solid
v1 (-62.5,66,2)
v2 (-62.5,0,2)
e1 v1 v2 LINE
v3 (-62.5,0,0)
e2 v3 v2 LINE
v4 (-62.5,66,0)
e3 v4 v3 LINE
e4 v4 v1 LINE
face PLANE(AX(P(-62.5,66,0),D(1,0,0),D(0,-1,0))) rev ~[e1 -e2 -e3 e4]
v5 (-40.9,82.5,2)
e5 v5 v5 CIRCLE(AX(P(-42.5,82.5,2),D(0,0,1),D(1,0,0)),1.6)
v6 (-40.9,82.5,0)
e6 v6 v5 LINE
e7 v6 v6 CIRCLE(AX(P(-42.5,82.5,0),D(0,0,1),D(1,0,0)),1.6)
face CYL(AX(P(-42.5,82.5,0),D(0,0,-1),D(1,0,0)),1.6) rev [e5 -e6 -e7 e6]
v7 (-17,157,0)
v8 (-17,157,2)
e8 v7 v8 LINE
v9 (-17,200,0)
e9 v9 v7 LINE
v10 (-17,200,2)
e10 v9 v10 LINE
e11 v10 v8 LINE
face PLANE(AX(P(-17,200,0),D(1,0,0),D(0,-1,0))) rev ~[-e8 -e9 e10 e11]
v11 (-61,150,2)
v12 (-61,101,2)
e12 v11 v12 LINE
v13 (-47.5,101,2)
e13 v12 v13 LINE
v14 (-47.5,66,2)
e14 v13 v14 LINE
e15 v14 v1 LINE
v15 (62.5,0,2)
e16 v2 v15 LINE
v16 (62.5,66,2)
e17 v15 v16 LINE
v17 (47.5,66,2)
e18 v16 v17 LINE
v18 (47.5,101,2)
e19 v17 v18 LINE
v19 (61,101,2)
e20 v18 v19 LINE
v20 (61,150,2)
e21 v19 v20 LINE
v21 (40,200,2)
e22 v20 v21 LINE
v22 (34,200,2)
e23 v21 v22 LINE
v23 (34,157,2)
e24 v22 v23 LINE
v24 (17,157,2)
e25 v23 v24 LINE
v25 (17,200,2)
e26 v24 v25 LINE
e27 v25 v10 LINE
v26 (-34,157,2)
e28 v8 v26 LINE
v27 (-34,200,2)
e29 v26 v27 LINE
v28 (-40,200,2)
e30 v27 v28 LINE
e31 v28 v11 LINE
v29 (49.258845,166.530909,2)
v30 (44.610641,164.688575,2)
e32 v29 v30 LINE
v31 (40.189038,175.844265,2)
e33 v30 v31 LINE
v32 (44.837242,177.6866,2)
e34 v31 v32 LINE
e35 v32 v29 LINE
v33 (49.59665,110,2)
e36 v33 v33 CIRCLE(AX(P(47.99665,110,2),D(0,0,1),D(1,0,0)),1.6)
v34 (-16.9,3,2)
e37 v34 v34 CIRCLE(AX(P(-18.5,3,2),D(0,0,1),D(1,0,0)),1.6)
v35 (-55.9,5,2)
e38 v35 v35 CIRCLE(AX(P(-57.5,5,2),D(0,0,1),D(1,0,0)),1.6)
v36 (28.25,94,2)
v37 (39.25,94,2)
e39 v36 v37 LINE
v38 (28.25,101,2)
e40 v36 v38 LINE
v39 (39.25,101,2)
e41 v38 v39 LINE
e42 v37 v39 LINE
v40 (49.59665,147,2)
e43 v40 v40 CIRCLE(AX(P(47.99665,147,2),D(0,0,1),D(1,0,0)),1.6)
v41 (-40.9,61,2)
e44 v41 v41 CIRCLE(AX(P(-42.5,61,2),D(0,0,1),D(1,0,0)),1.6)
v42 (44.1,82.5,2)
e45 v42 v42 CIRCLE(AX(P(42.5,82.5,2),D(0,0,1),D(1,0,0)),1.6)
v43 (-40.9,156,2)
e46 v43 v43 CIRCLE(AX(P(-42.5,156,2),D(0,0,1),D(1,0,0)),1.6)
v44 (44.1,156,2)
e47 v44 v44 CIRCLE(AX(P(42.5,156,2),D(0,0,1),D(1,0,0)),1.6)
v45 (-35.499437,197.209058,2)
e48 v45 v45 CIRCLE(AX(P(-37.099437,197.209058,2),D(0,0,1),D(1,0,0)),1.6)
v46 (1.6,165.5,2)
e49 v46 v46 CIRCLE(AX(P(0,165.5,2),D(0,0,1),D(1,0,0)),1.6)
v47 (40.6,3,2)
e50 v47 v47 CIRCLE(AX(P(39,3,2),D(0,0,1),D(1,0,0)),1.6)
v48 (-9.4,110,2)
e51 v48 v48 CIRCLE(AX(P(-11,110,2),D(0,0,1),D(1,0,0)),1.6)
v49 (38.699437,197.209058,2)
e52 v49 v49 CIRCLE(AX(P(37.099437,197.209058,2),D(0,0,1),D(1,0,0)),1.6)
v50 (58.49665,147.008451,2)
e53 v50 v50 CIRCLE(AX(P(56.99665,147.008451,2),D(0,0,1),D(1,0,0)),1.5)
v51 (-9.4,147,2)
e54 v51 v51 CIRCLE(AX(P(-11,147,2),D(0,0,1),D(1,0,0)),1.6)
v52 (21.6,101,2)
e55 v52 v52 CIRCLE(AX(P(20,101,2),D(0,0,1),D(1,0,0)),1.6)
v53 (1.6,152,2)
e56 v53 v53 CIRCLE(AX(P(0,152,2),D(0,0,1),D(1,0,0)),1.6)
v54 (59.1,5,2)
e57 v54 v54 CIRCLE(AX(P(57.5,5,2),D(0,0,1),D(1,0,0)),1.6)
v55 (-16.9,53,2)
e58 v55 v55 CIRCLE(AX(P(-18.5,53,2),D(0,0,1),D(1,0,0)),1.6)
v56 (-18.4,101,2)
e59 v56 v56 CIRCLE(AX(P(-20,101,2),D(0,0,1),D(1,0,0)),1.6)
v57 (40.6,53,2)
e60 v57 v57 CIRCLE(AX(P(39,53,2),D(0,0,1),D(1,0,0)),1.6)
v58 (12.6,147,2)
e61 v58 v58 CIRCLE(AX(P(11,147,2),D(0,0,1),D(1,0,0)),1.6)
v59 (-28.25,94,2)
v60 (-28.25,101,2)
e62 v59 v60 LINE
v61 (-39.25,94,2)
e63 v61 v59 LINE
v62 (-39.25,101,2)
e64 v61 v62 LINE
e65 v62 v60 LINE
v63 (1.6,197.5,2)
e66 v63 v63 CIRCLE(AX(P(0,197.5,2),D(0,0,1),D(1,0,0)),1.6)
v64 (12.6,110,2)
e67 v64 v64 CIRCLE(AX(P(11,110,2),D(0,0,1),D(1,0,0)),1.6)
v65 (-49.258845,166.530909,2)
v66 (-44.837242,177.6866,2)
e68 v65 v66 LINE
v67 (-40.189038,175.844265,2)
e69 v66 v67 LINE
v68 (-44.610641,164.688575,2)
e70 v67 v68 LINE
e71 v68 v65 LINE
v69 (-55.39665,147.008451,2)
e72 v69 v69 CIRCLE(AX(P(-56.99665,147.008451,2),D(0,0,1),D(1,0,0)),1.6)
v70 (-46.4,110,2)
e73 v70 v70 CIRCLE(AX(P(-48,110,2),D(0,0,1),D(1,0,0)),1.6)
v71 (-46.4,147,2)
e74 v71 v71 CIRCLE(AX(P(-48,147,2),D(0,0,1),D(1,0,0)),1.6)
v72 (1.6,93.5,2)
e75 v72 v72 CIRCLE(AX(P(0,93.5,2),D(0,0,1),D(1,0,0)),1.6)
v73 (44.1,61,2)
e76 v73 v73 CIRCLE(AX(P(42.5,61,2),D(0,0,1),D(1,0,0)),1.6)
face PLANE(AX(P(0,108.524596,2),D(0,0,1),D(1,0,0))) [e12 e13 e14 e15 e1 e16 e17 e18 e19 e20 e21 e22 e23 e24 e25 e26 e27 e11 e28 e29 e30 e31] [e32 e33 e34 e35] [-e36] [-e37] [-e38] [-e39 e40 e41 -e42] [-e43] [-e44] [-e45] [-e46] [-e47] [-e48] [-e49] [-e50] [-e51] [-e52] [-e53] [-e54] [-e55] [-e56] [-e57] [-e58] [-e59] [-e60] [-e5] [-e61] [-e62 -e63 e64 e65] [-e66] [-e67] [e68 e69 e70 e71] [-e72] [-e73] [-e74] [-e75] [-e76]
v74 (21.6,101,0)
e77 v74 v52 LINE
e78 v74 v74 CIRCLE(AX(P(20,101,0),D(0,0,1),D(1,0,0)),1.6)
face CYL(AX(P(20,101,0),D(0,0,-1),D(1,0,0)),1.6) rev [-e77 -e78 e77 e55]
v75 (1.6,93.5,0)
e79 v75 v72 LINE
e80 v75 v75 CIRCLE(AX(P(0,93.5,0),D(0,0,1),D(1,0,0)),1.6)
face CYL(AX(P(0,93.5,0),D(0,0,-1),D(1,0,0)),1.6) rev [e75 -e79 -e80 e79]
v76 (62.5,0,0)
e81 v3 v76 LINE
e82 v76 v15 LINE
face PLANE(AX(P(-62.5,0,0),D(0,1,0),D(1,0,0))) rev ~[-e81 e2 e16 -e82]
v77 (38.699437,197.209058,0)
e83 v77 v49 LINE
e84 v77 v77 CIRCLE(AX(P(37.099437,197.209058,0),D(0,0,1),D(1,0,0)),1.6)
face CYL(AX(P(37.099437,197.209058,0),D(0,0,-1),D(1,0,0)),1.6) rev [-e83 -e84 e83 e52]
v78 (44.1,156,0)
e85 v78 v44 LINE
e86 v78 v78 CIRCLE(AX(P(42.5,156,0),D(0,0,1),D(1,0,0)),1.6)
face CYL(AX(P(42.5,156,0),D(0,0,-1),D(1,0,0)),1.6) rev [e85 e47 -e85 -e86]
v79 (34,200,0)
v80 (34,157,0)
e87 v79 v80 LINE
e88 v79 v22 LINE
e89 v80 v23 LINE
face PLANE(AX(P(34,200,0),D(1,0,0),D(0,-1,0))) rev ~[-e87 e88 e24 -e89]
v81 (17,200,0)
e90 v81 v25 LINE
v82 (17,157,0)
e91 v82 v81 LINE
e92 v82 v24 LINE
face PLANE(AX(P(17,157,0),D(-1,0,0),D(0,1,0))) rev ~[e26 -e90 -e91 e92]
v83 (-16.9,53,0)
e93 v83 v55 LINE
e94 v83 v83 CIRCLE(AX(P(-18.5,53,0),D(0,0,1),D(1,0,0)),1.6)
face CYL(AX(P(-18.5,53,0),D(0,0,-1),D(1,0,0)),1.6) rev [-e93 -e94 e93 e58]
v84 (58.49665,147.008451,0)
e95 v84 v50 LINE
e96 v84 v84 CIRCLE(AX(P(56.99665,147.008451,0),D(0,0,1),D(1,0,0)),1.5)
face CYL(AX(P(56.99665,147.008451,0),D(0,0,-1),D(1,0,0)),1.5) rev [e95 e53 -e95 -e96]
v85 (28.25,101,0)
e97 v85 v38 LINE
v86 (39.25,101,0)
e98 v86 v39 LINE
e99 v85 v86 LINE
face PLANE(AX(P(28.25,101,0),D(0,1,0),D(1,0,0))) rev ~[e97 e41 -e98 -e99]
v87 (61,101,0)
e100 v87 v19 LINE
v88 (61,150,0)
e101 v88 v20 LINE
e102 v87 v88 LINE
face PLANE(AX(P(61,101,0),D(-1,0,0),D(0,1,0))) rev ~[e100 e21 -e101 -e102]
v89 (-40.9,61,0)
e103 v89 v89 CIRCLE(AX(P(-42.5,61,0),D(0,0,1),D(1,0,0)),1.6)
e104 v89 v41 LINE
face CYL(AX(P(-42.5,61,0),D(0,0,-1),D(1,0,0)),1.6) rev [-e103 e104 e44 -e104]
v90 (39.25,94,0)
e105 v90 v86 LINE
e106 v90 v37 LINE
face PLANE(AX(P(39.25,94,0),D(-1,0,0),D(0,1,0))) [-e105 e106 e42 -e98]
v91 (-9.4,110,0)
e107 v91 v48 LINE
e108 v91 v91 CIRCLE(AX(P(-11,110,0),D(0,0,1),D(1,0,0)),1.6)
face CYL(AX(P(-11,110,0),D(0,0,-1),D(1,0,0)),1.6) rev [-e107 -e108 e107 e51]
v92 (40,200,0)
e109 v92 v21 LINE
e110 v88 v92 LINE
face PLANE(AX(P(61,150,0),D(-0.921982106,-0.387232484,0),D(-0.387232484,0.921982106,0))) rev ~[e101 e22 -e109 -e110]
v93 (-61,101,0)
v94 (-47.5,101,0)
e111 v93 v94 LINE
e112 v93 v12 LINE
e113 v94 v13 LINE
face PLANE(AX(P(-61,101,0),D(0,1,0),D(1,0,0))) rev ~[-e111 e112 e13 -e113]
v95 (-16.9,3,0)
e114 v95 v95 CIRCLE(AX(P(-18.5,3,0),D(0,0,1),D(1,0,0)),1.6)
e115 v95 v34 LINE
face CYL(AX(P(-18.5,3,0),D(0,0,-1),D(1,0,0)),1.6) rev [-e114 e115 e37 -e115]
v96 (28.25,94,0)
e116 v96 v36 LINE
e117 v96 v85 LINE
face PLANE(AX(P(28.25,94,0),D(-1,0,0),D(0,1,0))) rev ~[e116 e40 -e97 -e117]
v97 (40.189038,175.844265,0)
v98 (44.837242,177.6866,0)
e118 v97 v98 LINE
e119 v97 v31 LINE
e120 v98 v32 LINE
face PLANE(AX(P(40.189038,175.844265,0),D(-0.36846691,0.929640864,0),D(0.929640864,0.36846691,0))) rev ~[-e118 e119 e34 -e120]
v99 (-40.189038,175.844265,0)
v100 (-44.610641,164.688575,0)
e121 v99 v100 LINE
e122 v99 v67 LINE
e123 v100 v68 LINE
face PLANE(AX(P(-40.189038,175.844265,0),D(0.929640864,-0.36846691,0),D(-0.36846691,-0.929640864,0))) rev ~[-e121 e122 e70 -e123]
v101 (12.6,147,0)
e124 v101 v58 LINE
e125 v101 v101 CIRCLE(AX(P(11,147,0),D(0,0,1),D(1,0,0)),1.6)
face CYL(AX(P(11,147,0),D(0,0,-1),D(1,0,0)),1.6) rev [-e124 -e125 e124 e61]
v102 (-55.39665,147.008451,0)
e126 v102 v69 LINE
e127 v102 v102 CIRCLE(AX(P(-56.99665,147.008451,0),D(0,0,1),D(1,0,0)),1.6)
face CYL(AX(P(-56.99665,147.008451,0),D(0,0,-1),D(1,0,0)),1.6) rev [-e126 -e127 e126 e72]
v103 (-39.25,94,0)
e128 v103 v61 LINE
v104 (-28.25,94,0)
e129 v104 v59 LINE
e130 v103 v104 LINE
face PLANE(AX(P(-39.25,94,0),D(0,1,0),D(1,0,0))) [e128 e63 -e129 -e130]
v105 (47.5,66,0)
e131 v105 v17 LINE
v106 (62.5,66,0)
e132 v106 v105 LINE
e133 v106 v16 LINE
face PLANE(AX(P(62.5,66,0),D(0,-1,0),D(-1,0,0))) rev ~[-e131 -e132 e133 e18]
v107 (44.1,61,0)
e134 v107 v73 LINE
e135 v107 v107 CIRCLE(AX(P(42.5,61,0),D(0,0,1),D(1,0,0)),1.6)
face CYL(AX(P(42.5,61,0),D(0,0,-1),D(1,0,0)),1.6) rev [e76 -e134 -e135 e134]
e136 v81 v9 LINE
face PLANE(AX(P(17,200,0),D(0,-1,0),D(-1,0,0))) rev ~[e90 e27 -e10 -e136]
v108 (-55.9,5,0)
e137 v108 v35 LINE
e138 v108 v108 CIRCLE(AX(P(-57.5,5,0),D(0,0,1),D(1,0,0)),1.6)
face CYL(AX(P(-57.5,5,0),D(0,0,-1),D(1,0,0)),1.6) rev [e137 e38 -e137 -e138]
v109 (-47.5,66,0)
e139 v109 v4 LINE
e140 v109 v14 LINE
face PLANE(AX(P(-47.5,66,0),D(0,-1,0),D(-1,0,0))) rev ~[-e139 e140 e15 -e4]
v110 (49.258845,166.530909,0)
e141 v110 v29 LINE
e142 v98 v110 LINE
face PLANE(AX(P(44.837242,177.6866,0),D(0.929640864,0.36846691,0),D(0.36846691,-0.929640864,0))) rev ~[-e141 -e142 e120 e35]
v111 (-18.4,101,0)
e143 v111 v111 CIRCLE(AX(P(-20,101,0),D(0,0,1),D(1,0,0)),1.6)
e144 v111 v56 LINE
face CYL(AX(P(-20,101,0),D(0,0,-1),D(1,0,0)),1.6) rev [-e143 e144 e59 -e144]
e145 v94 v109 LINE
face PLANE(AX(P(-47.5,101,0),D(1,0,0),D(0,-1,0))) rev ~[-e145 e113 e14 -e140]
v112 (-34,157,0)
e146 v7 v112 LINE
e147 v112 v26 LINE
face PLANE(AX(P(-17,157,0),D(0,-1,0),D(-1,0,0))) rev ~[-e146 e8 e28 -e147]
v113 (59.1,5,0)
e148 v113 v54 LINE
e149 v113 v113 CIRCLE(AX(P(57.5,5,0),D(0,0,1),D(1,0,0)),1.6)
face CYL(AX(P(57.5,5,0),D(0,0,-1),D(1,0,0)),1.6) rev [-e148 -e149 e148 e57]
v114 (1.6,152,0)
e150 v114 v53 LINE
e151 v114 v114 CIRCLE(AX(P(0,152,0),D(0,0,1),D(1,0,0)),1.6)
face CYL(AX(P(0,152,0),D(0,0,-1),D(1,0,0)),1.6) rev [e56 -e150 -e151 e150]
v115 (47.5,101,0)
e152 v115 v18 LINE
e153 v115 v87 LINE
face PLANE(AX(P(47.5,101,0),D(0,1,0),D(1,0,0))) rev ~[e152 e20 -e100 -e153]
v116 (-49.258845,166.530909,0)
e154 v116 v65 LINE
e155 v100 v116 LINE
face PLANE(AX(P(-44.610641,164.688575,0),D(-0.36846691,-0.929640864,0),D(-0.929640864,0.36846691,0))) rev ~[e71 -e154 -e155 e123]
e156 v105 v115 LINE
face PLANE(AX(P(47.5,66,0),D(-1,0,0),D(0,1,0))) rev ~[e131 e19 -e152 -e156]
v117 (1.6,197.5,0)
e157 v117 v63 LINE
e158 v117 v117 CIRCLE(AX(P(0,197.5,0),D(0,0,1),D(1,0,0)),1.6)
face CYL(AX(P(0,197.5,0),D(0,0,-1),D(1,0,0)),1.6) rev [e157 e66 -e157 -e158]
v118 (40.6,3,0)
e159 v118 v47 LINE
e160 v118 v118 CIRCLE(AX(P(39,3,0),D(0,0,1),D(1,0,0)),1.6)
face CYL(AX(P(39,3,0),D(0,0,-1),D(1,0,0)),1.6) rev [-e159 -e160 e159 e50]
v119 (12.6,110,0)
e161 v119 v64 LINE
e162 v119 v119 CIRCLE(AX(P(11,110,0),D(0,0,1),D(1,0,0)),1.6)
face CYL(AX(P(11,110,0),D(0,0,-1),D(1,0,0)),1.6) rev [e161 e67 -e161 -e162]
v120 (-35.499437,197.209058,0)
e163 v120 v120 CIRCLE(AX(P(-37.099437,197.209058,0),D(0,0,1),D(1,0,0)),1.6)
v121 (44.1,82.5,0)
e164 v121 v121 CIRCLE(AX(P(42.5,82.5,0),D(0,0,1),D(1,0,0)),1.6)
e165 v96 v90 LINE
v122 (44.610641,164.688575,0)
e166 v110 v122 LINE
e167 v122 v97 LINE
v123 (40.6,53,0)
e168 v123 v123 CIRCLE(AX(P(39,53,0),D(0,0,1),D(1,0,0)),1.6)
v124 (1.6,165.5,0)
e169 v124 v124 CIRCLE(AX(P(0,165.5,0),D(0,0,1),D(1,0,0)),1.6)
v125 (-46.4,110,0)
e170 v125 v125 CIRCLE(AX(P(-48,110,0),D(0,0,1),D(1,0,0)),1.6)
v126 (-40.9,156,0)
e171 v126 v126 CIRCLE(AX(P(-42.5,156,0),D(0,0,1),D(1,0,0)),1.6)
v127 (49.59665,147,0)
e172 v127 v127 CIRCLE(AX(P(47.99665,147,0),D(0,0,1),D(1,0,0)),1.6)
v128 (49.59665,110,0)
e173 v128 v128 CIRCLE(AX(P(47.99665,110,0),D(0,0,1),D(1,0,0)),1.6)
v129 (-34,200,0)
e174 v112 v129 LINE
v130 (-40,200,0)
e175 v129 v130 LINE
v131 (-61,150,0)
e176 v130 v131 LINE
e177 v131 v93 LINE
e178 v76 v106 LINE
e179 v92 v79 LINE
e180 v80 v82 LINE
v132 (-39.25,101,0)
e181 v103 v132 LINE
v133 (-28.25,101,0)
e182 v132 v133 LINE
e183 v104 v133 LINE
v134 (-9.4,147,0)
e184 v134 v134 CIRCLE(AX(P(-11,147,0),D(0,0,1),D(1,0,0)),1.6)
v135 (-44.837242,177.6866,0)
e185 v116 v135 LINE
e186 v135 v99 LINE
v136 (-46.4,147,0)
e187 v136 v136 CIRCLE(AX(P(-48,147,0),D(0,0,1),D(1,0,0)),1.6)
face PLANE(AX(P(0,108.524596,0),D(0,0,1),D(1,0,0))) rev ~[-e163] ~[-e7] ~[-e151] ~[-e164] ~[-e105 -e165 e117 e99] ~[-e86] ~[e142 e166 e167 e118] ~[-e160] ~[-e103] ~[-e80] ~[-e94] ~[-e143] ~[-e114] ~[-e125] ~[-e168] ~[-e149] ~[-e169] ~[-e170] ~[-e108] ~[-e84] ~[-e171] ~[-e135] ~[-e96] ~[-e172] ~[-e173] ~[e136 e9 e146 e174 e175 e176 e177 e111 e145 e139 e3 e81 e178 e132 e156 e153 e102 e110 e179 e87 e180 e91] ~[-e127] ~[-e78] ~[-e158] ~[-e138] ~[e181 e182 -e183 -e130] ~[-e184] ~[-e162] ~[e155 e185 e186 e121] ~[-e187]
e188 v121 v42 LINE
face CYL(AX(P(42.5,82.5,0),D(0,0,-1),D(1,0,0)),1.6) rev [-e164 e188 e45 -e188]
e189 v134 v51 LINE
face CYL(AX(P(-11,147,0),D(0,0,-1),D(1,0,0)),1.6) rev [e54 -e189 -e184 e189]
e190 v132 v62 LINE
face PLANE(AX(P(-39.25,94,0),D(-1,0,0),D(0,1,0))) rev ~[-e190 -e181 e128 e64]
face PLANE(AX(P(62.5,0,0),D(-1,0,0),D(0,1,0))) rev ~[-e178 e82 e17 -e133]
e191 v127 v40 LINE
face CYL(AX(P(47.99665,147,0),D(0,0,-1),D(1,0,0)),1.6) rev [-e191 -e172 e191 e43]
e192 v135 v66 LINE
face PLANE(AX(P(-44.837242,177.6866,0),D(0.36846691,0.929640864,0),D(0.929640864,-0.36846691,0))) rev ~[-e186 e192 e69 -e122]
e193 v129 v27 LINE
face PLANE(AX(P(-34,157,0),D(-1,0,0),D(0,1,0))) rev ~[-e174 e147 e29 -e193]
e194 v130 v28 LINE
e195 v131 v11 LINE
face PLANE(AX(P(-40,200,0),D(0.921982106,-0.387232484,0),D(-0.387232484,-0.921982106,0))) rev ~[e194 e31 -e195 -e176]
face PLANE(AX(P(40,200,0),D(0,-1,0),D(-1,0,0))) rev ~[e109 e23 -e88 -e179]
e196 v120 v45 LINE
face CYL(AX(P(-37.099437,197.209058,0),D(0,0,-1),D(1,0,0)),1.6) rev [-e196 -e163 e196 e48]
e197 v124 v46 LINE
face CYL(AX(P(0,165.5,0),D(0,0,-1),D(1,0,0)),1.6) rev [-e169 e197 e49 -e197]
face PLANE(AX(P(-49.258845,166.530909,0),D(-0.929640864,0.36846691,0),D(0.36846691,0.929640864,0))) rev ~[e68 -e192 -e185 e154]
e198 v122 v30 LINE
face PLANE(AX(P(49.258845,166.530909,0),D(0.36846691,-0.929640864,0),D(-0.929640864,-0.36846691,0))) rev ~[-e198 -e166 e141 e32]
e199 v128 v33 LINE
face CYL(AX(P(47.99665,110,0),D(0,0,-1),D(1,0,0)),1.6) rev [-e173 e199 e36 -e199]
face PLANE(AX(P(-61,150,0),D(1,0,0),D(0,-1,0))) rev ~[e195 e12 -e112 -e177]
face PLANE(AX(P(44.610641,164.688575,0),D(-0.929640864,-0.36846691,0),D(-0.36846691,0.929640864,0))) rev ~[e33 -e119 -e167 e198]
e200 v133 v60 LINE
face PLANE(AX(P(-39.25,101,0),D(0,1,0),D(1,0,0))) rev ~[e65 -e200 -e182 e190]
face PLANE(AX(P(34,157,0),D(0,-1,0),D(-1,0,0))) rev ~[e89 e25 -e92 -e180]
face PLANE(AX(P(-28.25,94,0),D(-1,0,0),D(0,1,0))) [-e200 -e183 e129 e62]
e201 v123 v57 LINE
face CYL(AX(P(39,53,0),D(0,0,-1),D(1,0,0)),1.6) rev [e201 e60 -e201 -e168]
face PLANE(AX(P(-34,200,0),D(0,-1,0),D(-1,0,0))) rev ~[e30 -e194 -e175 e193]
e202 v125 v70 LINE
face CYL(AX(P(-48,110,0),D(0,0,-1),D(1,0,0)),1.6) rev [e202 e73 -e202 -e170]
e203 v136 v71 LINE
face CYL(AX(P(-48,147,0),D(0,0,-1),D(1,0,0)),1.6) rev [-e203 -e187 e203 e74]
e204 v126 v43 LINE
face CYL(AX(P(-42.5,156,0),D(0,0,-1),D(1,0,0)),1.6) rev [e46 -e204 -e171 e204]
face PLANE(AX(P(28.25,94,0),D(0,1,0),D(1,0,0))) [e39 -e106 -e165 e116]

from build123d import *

# Parameters (mm, degrees)
SKETCH_1_R      = 1.6
SKETCH_1_W      = 11
SKETCH_1_H      = 7
SKETCH_1_R_2    = 1.5
EXTRUDE_1_DEPTH = 2


with BuildPart() as part:
    # 草圖1 → 填料-伸長1 (new body)
    with BuildSketch(Plane.XY):
        Polygon((62.5, 0), (62.5, 66), (47.5, 66), (47.5, 101), (61, 101), (61, 150), (40, 200), (34, 200), (34, 157), (17, 157), (17, 200), (-17, 200), (-17, 157), (-34, 157), (-34, 200), (-40, 200), (-61, 150), (-61, 101), (-47.5, 101), (-47.5, 66), (-62.5, 66), (-62.5, 0), align=None)
        with Locations((-18.5, 3)):
            Circle(SKETCH_1_R, mode=Mode.SUBTRACT)
        with Locations((-18.5, 53)):
            Circle(SKETCH_1_R, mode=Mode.SUBTRACT)
        with Locations((39, 3)):
            Circle(SKETCH_1_R, mode=Mode.SUBTRACT)
        with Locations((39, 53)):
            Circle(SKETCH_1_R, mode=Mode.SUBTRACT)
        Polygon((40.18903792, 175.844265317), (44.837242241, 177.686599868), (49.258845161, 166.530909498), (44.610640841, 164.688574948), align=None, mode=Mode.SUBTRACT)
        with Locations((0, 197.5)):
            Circle(SKETCH_1_R, mode=Mode.SUBTRACT)
        with Locations((37.09943713, 197.209058014)):
            Circle(SKETCH_1_R, mode=Mode.SUBTRACT)
        with Locations((-57.5, 5)):
            Circle(SKETCH_1_R, mode=Mode.SUBTRACT)
        with Locations((-42.5, 61)):
            Circle(SKETCH_1_R, mode=Mode.SUBTRACT)
        with Locations((-42.5, 82.5)):
            Circle(SKETCH_1_R, mode=Mode.SUBTRACT)
        with Locations((-33.75, 97.5)):
            Rectangle(SKETCH_1_W, SKETCH_1_H, mode=Mode.SUBTRACT)
        with Locations((57.5, 5)):
            Circle(SKETCH_1_R, mode=Mode.SUBTRACT)
        with Locations((42.5, 61)):
            Circle(SKETCH_1_R, mode=Mode.SUBTRACT)
        with Locations((0, 93.5)):
            Circle(SKETCH_1_R, mode=Mode.SUBTRACT)
        with Locations((42.5, 82.5)):
            Circle(SKETCH_1_R, mode=Mode.SUBTRACT)
        with Locations((33.75, 97.5)):
            Rectangle(SKETCH_1_W, SKETCH_1_H, mode=Mode.SUBTRACT)
        with Locations((-56.996650272, 147.008451352)):
            Circle(SKETCH_1_R, mode=Mode.SUBTRACT)
        with Locations((-20, 101)):
            Circle(SKETCH_1_R, mode=Mode.SUBTRACT)
        with Locations((-42.5, 156)):
            Circle(SKETCH_1_R, mode=Mode.SUBTRACT)
        Polygon((-44.837242241, 177.686599868), (-40.18903792, 175.844265317), (-44.610640841, 164.688574948), (-49.258845161, 166.530909498), align=None, mode=Mode.SUBTRACT)
        with Locations((-37.09943713, 197.209058014)):
            Circle(SKETCH_1_R, mode=Mode.SUBTRACT)
        with Locations((20, 101)):
            Circle(SKETCH_1_R, mode=Mode.SUBTRACT)
        with Locations((56.996650272, 147.008451352)):
            Circle(SKETCH_1_R_2, mode=Mode.SUBTRACT)
        with Locations((0, 152)):
            Circle(SKETCH_1_R, mode=Mode.SUBTRACT)
        with Locations((0, 165.5)):
            Circle(SKETCH_1_R, mode=Mode.SUBTRACT)
        with Locations((42.5, 156)):
            Circle(SKETCH_1_R, mode=Mode.SUBTRACT)
        with Locations((47.996650272, 110)):
            Circle(SKETCH_1_R, mode=Mode.SUBTRACT)
        with Locations((11, 147)):
            Circle(SKETCH_1_R, mode=Mode.SUBTRACT)
        with Locations((11, 110)):
            Circle(SKETCH_1_R, mode=Mode.SUBTRACT)
        with Locations((47.996650272, 147)):
            Circle(SKETCH_1_R, mode=Mode.SUBTRACT)
        with Locations((-11, 110)):
            Circle(SKETCH_1_R, mode=Mode.SUBTRACT)
        with Locations((-48, 147)):
            Circle(SKETCH_1_R, mode=Mode.SUBTRACT)
        with Locations((-48, 110)):
            Circle(SKETCH_1_R, mode=Mode.SUBTRACT)
        with Locations((-11, 147)):
            Circle(SKETCH_1_R, mode=Mode.SUBTRACT)
    extrude(amount=EXTRUDE_1_DEPTH)


solid = part.part
